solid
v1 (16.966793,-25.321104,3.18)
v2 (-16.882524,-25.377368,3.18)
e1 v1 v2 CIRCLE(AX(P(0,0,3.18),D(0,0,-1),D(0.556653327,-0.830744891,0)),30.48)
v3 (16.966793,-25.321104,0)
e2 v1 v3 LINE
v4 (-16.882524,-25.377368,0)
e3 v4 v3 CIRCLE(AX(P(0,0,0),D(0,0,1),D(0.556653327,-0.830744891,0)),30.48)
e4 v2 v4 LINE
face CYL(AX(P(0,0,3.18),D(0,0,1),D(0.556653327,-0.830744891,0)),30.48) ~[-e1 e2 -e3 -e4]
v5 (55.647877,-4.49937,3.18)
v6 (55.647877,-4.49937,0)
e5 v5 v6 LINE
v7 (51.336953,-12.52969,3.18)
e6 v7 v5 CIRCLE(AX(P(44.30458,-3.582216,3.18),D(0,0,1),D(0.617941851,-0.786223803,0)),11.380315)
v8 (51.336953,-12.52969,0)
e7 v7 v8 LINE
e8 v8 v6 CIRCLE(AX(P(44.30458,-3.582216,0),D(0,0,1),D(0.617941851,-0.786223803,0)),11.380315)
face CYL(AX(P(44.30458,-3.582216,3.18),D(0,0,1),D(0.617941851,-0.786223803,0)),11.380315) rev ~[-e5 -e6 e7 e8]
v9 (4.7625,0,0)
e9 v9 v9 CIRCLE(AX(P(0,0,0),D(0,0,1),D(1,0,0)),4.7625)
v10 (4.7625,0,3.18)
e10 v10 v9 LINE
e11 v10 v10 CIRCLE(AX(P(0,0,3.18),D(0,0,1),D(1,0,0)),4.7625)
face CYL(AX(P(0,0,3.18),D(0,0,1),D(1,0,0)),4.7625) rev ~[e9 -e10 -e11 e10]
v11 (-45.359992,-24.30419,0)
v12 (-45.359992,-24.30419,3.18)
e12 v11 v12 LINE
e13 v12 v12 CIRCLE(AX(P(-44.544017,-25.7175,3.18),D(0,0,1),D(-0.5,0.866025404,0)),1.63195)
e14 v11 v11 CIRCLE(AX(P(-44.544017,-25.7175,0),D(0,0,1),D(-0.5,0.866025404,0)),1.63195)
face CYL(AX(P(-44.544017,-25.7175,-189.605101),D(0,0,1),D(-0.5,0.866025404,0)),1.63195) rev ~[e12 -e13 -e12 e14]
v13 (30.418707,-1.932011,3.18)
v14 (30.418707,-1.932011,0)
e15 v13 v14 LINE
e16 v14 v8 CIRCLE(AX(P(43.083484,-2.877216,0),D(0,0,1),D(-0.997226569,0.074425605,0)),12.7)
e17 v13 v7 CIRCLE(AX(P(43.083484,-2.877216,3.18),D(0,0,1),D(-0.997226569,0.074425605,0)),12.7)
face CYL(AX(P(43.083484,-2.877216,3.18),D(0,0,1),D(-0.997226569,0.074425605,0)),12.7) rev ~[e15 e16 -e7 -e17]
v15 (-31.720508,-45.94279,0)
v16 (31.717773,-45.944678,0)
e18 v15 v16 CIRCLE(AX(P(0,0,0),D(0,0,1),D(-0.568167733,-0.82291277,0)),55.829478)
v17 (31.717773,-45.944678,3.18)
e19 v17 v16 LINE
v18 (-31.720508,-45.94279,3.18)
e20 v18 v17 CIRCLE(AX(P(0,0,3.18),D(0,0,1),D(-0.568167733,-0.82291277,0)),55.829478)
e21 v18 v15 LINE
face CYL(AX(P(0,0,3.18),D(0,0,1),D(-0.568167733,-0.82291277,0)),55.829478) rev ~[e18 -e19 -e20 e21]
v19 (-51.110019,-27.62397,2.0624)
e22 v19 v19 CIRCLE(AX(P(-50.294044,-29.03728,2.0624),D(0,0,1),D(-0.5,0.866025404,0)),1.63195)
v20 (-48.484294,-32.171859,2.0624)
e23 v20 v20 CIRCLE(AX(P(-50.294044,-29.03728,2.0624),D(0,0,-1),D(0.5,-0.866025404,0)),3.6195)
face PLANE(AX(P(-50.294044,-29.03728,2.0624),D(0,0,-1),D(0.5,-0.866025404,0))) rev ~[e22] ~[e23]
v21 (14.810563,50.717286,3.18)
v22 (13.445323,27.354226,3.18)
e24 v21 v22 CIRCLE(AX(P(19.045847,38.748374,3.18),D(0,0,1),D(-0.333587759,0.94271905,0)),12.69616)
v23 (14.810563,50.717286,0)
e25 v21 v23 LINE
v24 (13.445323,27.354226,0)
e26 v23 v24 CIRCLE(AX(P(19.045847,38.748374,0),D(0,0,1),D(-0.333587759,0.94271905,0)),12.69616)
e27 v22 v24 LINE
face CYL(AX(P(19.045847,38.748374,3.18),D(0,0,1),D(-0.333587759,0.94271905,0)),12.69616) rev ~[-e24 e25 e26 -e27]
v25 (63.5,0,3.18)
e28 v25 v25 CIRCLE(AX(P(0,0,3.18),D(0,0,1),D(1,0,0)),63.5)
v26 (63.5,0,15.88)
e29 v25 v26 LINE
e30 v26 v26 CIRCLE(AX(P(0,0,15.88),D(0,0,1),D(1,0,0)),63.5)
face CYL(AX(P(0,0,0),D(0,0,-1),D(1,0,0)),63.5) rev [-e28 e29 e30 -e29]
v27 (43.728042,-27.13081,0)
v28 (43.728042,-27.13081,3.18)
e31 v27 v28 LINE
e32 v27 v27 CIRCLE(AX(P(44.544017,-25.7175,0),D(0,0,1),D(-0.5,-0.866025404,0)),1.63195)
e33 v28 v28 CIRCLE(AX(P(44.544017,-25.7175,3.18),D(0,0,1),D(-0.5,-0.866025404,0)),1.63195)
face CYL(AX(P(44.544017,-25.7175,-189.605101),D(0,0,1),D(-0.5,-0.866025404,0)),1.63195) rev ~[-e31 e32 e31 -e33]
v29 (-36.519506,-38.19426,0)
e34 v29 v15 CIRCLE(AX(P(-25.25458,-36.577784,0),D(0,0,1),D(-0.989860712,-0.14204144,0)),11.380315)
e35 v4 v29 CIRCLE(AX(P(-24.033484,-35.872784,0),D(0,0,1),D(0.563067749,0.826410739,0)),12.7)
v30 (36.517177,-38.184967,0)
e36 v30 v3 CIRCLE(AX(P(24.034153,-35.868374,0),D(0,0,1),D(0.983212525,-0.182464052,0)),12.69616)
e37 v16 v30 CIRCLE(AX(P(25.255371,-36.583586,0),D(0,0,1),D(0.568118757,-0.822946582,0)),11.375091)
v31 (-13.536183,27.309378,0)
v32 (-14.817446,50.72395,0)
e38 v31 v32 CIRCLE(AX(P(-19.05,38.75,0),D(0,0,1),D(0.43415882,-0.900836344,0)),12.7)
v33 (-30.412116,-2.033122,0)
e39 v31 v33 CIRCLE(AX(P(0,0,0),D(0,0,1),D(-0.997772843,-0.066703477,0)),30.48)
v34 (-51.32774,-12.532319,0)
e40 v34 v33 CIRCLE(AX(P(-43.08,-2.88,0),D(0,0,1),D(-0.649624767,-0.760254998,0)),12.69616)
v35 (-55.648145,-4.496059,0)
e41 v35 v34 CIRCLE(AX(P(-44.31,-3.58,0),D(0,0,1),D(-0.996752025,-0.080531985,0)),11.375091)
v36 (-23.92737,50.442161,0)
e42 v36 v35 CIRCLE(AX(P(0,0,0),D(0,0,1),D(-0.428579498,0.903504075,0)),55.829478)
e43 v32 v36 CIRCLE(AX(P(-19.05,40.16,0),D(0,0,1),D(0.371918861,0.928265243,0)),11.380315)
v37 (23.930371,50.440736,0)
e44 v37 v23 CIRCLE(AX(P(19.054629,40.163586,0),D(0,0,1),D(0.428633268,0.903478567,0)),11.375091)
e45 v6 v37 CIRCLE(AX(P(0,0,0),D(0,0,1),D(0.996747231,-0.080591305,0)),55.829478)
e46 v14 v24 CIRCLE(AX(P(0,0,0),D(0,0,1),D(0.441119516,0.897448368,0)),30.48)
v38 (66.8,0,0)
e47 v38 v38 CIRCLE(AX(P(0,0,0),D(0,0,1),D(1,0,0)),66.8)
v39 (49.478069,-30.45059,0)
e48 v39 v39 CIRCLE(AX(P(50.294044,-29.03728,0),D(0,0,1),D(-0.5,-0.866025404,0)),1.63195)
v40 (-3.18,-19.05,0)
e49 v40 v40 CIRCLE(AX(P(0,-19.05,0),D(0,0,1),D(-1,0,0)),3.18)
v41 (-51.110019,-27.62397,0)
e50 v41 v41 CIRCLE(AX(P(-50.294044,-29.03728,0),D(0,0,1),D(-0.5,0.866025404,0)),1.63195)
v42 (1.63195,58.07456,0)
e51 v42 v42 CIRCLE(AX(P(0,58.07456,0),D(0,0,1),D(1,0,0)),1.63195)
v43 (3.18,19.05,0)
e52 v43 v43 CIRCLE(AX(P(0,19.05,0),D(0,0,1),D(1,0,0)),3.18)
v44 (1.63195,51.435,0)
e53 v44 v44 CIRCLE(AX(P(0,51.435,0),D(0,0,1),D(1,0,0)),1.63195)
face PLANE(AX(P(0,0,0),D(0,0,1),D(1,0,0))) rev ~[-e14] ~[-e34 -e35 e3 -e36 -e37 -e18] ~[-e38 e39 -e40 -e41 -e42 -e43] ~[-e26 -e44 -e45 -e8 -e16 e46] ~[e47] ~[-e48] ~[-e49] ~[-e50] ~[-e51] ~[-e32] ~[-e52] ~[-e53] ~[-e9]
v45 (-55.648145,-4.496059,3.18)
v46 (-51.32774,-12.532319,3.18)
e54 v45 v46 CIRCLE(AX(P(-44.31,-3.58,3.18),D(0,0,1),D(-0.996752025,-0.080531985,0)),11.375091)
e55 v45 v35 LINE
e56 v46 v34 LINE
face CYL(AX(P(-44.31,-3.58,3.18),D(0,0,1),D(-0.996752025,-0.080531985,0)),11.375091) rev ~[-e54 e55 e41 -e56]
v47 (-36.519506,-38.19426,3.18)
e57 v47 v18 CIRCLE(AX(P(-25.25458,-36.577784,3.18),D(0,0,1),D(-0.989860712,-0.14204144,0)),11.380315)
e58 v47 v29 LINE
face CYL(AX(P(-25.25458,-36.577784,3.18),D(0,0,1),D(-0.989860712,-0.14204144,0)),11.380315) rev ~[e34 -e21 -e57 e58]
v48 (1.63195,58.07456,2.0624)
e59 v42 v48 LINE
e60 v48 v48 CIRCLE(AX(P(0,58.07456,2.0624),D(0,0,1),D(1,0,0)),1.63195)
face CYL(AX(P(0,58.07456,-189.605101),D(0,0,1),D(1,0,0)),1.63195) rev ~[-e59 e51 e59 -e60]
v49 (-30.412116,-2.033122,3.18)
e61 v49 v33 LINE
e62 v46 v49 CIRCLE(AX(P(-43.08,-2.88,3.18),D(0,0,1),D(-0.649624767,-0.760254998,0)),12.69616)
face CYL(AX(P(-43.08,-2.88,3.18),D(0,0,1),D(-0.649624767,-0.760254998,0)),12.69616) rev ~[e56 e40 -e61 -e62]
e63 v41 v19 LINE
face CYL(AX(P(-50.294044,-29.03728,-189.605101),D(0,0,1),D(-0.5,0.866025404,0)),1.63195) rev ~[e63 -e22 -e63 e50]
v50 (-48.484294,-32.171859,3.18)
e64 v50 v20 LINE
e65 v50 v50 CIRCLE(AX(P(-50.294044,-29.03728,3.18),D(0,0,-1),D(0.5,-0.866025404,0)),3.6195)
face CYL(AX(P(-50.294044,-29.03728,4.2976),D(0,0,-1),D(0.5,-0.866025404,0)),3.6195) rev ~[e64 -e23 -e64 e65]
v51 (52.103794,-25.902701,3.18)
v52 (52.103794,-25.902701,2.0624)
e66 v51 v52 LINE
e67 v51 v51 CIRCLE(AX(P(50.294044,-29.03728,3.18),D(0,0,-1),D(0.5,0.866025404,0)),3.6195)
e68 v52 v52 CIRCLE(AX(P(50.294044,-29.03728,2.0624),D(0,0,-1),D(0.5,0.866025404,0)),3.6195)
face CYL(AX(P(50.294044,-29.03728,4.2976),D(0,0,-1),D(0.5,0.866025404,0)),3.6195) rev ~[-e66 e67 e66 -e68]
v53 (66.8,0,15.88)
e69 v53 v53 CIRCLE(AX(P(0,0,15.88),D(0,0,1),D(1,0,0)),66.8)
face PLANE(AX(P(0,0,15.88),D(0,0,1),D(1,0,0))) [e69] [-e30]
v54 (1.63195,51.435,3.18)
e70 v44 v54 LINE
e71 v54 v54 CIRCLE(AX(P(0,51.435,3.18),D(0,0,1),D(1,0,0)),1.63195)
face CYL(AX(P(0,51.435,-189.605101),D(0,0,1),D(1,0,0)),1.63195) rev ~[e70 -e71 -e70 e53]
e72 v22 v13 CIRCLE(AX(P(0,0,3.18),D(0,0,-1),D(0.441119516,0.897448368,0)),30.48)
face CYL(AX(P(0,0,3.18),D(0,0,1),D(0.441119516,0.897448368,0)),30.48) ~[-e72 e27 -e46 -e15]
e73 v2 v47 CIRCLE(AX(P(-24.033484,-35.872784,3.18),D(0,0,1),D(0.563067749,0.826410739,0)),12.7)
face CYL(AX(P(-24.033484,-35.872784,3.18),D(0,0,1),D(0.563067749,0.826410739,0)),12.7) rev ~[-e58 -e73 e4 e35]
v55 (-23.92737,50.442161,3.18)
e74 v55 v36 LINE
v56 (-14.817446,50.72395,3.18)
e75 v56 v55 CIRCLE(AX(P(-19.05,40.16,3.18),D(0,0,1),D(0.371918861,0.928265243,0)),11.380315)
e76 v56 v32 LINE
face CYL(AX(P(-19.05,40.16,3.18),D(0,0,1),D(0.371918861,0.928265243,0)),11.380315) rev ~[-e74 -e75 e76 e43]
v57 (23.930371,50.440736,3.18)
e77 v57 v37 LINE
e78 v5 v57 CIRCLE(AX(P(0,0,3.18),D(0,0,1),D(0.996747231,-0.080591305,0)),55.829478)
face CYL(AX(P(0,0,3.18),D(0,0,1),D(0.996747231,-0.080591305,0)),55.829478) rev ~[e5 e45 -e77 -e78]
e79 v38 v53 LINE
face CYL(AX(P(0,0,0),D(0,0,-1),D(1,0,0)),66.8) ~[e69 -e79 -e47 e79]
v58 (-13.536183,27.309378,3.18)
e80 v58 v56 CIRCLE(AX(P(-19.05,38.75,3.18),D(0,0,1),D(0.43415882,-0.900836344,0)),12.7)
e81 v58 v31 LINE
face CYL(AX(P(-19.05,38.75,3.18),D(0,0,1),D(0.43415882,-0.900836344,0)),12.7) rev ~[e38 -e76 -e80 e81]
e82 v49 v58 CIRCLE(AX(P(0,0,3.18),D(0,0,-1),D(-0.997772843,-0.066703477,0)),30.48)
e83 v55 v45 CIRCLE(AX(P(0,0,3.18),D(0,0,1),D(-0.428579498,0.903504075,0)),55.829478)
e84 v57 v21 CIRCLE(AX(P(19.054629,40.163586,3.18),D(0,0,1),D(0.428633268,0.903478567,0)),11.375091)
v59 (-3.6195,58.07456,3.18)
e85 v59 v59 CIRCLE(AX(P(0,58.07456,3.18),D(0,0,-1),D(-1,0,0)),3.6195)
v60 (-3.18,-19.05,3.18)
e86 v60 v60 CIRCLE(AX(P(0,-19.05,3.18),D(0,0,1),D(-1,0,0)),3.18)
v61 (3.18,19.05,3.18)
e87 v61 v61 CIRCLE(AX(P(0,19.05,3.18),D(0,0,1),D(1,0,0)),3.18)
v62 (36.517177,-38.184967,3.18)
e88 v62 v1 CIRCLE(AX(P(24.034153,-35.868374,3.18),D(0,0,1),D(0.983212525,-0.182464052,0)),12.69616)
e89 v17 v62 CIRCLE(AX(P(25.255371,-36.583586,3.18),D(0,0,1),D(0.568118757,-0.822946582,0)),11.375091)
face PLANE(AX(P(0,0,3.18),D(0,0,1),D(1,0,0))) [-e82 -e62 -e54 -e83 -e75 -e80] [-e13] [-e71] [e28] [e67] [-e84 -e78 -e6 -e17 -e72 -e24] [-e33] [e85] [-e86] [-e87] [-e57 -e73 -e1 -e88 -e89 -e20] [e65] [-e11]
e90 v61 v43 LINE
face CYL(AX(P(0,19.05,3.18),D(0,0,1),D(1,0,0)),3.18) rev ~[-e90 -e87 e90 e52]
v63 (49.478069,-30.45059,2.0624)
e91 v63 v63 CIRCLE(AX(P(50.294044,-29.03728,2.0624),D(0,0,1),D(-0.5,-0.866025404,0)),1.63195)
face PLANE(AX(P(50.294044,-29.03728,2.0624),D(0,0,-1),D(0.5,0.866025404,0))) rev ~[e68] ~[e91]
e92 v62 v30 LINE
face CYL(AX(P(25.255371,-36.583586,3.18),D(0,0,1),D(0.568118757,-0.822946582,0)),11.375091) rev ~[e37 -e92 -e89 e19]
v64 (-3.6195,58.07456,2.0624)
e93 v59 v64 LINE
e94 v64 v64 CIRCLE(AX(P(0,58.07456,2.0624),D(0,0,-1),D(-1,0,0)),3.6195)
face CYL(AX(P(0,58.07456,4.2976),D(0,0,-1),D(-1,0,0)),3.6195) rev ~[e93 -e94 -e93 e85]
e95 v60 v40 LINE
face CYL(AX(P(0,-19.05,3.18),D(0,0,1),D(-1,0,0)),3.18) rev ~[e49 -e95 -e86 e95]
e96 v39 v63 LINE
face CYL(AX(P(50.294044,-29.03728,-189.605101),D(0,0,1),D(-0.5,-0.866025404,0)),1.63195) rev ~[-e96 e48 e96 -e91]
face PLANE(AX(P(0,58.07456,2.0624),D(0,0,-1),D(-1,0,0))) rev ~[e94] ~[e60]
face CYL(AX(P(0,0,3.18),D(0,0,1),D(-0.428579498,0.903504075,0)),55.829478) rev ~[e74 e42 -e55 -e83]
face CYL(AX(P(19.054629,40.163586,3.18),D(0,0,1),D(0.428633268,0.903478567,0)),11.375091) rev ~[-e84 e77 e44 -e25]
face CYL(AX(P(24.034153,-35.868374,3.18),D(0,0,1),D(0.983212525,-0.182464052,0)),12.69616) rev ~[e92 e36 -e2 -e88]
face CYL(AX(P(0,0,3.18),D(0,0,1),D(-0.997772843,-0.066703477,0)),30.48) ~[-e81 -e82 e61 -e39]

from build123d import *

# Parameters (mm, degrees)
SKETCH1_R                    = 66.8
SKETCH1_R_2                  = 63.5
BOSS_EXTRUDE1_DEPTH          = 15.88
SKETCH2_R                    = 63.5
BOSS_EXTRUDE2_DEPTH          = 3.18
CUT_EXTRUDE2_DEPTH           = 96.319305495
SKETCH5_R                    = 4.7625
SKETCH5_R_2                  = 3.18
CUT_EXTRUDE1_DEPTH           = 96.319305495
CIRPATTERN2_COUNT            = 3
CIRPATTERN3_COUNT            = 2
HOLE1_D                      = 3.2639
CIRPATTERN5_COUNT            = 3
CIRPATTERN5_ANGLE            = 240
HOLE2_D                      = 3.2639
CIRPATTERN6_COUNT            = 3
F_1_0_1_DIAMETER_HOLE1_D     = 7.239
F_1_0_1_DIAMETER_HOLE1_DEPTH = 1.1176
CIRPATTERN7_COUNT            = 3


with BuildPart() as part:
    # Sketch1 → Boss-Extrude1 (new body)
    with BuildSketch(Plane.XY):
        Circle(SKETCH1_R)
        Circle(SKETCH1_R_2, mode=Mode.SUBTRACT)
    extrude(amount=BOSS_EXTRUDE1_DEPTH)

    # Sketch2 → Boss-Extrude2 (add)
    with BuildSketch(Plane.XY):
        Circle(SKETCH2_R)
    extrude(amount=BOSS_EXTRUDE2_DEPTH)

    # Sketch6 → Cut-Extrude2 (cut, through all)
    with BuildSketch(Plane.XY.offset(3.18)):
        with BuildLine():
            ThreePointArc((-23.927369503, 50.442160591), (-48.348915265, 27.916177552), (-55.64814492, -4.496058651))
            ThreePointArc((-55.64814492, -4.496058651), (-54.328981929, -8.966343359), (-51.327740035, -12.532319168))
            ThreePointArc((-51.327740035, -12.532319168), (-37.384150369, -14.226795935), (-30.412116254, -2.033121978))
            ThreePointArc((-30.412116254, -2.033121978), (-26.421749263, 15.196103641), (-13.536182991, 27.309378426))
            ThreePointArc((-13.536182991, 27.309378426), (-6.368971607, 39.443915619), (-14.817446368, 50.723950466))
            ThreePointArc((-14.817446368, 50.723950466), (-19.40184977, 51.534874128), (-23.927369503, 50.442160591))
        make_face()
    cut_extrude2 = extrude(amount=-CUT_EXTRUDE2_DEPTH, mode=Mode.SUBTRACT)

    # Sketch5 → Cut-Extrude1 (cut, through all)
    with BuildSketch(Plane.XY.offset(3.18)):
        Circle(SKETCH5_R)
        with Locations((0, 19.05)):
            Circle(SKETCH5_R_2)
    cut_extrude1 = extrude(amount=-CUT_EXTRUDE1_DEPTH, mode=Mode.SUBTRACT)

    # CirPattern2: Cut-Extrude2 ×3 about axis
    cirpattern2_axis = Axis((0, 0, 0), (0, 0, 1))
    for i in range(1, CIRPATTERN2_COUNT):
        add(cut_extrude2.rotate(cirpattern2_axis, i * 360 / CIRPATTERN2_COUNT), mode=Mode.SUBTRACT)

    # CirPattern3: Cut-Extrude1 ×2 about axis
    cirpattern3_axis = Axis((0, 0, 0), (0, 0, 1))
    for i in range(1, CIRPATTERN3_COUNT):
        add(cut_extrude1.rotate(cirpattern3_axis, i * 360 / CIRPATTERN3_COUNT), mode=Mode.SUBTRACT)

    # Hole1 (through all)
    with Locations(Plane(origin=(0, 0, 0), x_dir=(-1, 0, 0), z_dir=(0, 0, -1))):
        with Locations((0, 58.07456)):
            hole1 = Hole(HOLE1_D / 2)

    # CirPattern5: Hole1 ×3 about axis
    cirpattern5_axis = Axis((0, 0, 0), (0, 0, 1))
    for i in range(1, CIRPATTERN5_COUNT):
        add(hole1.rotate(cirpattern5_axis, i * CIRPATTERN5_ANGLE / (CIRPATTERN5_COUNT - 1)), mode=Mode.SUBTRACT)

    # Hole2 (through all)
    with Locations(Plane(origin=(0, 0, 0), x_dir=(-1, 0, 0), z_dir=(0, 0, -1))):
        with Locations((0, 51.435)):
            hole2 = Hole(HOLE2_D / 2)

    # CirPattern6: Hole2 ×3 about axis
    cirpattern6_axis = Axis((0, 0, 0), (0, 0, 1))
    for i in range(1, CIRPATTERN6_COUNT):
        add(hole2.rotate(cirpattern6_axis, i * 360 / CIRPATTERN6_COUNT), mode=Mode.SUBTRACT)

    # Ø1.0 (1) Diameter Hole1
    with Locations(Plane(origin=(0, 58.07456, 3.18), x_dir=(1, 0, 0), z_dir=(0, 0, 1))):
        with Locations((0, 0)):
            f_1_0_1_diameter_hole1 = Hole(F_1_0_1_DIAMETER_HOLE1_D / 2, depth=F_1_0_1_DIAMETER_HOLE1_DEPTH)

    # CirPattern7: Ø1.0 (1) Diameter Hole1 ×3 about axis
    cirpattern7_axis = Axis((0, 0, 0), (0, 0, 1))
    for i in range(1, CIRPATTERN7_COUNT):
        add(f_1_0_1_diameter_hole1.rotate(cirpattern7_axis, i * 360 / CIRPATTERN7_COUNT), mode=Mode.SUBTRACT)


solid = part.part
